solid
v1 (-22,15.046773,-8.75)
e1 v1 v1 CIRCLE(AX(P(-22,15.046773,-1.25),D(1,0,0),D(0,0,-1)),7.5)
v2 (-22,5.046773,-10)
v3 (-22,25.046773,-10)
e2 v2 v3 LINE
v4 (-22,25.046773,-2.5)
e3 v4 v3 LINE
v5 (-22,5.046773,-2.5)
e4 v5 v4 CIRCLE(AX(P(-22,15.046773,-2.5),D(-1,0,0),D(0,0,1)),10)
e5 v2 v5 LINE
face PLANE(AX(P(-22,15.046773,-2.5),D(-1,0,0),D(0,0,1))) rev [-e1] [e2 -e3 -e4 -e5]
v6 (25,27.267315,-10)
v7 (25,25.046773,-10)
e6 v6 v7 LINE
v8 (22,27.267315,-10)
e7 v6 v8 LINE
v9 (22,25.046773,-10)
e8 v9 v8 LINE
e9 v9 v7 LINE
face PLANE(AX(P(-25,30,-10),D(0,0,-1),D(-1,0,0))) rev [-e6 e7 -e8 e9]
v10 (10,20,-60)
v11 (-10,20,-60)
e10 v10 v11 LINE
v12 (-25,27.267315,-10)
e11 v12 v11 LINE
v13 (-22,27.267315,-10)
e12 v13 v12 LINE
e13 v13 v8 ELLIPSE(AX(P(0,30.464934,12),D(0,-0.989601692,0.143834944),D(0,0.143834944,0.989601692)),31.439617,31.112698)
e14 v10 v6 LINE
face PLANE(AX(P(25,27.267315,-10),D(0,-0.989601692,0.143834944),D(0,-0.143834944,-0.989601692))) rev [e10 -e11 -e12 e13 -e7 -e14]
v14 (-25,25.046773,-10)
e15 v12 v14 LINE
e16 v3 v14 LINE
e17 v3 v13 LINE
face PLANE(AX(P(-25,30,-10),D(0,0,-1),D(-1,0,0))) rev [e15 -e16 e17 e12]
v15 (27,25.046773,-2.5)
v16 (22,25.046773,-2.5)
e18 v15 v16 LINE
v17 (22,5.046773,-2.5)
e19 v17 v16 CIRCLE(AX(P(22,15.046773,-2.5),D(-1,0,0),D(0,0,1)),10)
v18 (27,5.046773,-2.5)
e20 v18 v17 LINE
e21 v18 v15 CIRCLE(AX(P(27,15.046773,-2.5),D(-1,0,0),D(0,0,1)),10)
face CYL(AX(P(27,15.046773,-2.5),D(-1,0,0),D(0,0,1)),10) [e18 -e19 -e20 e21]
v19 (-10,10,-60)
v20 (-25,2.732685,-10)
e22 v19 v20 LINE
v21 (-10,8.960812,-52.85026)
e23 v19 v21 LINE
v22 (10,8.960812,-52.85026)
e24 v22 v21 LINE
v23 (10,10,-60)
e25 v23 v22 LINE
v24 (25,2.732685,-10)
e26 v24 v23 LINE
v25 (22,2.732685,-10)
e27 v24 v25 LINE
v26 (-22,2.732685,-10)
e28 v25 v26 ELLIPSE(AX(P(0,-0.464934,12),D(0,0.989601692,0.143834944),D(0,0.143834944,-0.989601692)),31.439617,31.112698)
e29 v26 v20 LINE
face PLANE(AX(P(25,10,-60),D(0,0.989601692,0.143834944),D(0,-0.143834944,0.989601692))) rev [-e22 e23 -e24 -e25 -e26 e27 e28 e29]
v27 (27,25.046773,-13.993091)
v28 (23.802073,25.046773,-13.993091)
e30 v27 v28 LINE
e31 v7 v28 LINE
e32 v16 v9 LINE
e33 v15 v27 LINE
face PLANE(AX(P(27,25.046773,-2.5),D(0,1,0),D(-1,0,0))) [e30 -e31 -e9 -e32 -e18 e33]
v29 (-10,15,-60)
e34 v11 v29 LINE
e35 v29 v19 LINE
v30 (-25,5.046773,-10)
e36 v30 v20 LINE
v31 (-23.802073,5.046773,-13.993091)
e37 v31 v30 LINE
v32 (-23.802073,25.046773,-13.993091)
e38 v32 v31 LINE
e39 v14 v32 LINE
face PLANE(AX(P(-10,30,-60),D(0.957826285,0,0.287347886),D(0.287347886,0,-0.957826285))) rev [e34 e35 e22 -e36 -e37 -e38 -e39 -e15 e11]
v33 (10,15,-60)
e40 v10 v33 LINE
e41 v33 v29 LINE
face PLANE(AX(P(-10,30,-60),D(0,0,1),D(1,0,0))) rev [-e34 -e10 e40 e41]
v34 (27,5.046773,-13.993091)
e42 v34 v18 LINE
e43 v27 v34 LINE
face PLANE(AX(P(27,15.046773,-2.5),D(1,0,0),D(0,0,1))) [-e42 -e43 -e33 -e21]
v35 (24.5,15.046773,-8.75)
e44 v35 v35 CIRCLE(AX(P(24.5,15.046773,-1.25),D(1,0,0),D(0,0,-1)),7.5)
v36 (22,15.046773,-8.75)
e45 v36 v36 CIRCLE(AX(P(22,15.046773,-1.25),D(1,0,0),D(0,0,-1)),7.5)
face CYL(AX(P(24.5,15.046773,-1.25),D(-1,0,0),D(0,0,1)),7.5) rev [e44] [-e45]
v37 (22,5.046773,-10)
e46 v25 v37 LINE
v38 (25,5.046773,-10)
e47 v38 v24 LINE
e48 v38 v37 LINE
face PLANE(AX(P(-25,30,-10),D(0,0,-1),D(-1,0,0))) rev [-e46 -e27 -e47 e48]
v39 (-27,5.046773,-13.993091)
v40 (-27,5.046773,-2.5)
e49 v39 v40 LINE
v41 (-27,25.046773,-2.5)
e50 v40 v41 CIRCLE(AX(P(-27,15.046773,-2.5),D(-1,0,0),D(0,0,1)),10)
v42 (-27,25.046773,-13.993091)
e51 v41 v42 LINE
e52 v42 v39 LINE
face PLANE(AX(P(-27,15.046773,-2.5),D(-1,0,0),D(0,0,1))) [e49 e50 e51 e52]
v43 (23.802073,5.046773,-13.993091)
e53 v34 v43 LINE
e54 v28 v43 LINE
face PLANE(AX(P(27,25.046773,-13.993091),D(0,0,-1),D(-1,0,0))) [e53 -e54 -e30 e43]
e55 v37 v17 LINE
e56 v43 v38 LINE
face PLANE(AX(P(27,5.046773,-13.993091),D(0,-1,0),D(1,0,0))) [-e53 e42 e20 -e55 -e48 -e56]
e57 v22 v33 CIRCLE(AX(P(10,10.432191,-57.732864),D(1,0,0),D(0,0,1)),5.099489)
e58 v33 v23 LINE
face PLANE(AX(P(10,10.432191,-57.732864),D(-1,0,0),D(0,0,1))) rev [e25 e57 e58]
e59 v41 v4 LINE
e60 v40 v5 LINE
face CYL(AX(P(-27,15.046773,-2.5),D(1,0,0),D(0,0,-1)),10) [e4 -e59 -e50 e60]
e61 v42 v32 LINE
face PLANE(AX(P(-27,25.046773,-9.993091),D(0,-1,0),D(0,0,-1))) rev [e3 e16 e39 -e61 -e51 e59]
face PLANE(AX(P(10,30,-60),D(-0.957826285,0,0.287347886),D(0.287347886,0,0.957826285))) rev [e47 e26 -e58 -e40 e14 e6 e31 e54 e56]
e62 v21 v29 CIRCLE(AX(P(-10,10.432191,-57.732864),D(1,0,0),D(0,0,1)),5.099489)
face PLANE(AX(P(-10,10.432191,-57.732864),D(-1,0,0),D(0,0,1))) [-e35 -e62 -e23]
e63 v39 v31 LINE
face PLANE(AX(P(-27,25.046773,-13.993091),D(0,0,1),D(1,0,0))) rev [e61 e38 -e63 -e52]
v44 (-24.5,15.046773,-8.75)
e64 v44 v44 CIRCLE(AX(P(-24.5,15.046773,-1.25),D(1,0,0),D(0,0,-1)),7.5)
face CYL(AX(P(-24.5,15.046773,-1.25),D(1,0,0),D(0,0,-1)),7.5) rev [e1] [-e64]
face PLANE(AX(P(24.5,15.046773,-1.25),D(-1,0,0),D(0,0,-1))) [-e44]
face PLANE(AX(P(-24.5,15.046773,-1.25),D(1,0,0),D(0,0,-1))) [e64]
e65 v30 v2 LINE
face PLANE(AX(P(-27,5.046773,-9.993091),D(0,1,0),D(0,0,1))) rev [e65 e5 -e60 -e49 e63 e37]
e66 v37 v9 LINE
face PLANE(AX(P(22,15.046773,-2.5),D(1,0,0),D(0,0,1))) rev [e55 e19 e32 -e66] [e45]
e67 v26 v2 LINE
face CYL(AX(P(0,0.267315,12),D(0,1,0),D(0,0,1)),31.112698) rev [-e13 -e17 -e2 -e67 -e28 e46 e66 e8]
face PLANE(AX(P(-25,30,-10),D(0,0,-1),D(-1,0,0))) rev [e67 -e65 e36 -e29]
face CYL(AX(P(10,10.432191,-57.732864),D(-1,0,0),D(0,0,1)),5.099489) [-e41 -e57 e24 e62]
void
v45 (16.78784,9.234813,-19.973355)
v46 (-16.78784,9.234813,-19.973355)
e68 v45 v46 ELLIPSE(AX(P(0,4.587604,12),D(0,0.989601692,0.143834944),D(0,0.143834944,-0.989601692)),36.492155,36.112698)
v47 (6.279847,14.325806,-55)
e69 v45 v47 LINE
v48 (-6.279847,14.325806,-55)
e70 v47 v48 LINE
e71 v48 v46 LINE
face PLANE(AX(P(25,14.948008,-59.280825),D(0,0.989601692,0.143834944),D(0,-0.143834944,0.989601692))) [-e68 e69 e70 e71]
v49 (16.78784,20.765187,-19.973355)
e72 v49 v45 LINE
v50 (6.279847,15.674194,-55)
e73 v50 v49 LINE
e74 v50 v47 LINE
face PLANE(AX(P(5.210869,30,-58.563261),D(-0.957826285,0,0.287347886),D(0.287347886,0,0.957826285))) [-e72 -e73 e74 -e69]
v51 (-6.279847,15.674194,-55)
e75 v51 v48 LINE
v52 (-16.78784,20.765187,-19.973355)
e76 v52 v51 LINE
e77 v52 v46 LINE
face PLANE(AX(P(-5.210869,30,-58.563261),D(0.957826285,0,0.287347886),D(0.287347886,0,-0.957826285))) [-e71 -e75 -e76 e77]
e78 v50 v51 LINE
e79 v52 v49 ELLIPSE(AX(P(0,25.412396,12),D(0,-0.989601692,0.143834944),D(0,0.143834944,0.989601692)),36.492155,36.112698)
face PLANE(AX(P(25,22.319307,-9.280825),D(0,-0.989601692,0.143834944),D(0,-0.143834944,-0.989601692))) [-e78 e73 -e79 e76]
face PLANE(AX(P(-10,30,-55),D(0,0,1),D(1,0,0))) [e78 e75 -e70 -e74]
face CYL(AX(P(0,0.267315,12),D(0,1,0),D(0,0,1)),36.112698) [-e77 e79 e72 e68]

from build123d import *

# Parameters (mm, degrees)
BOSS_EXTRUDE1_DEPTH = 30
CUT_EXTRUDE2_DEPTH  = 50
CUT_EXTRUDE6_DEPTH  = 27
SHELL3_T            = 5
BOSS_EXTRUDE3_DEPTH = 20
BOSS_EXTRUDE4_START = -3
BOSS_EXTRUDE4_DEPTH = 5
SKETCH7_R           = 7.5
CUT_EXTRUDE3_DEPTH  = 2.5


with BuildPart() as part:
    # Sketch1 → Boss-Extrude1 (new body)
    with BuildSketch(Plane(origin=(0, 0, 0), x_dir=(1, 0, 0), z_dir=(0, 1, 0))):
        Polygon((-10, 60), (10, 60), (25, 10), (-25, 10), align=None)
    extrude(amount=BOSS_EXTRUDE1_DEPTH)

    # Sketch3 → Cut-Extrude2 (cut)
    with BuildSketch(Plane(origin=(-25, 0, 0), x_dir=(0, -1, 0), z_dir=(-1, 0, 0))):
        Polygon((-30, -10), (-27.26731497, -10), (-20, -60), (-30, -60), align=None)
        Polygon((0, -60), (0, -10), (-2.73268503, -10), (-10, -60), align=None)
    extrude(amount=-CUT_EXTRUDE2_DEPTH, mode=Mode.SUBTRACT)

    # Sketch10 → Cut-Extrude6 (cut)
    with BuildSketch(Plane(origin=(0, 27.26731497, 0), x_dir=(-1, 0, 0), z_dir=(0, 1, 0))):
        with BuildLine():
            Line((-22, -10), (22, -10))
            ThreePointArc((22, -10), (0, -19.112698372), (-22, -10))
        make_face()
    extrude(amount=-CUT_EXTRUDE6_DEPTH, mode=Mode.SUBTRACT)

    # Shell3 (no face opened: a closed hollow body)
    add(offset(amount=-SHELL3_T, mode=Mode.PRIVATE), mode=Mode.SUBTRACT)

    # Sketch5 → Boss-Extrude3 (add)
    with BuildSketch(Plane(origin=(-10, 0, 0), x_dir=(0, -1, 0), z_dir=(1, 0, 0))):
        with BuildLine():
            Line((-10, 60), (-8.960811725, 52.850259833))
            ThreePointArc((-8.960811725, 52.850259833), (-6.536467075, 61.023474826), (-15, 60))
            Line((-15, 60), (-10, 60))
        make_face()
    extrude(amount=BOSS_EXTRUDE3_DEPTH)

    # Sketch6 → Boss-Extrude4 (add)
    with BuildSketch(Plane(origin=(-25, 0, 0), x_dir=(0, -1, 0), z_dir=(-1, 0, 0)).offset(BOSS_EXTRUDE4_START)):
        with BuildLine():
            Line((-25.046773104, -9.993090655), (-25.046773104, -13.993090655))
            Line((-25.046773104, -13.993090655), (-5.046773104, -13.993090655))
            Line((-5.046773104, -13.993090655), (-5.046773104, -9.993090655))
            Line((-5.046773104, -9.993090655), (-5.046773104, -2.5))
            ThreePointArc((-5.046773104, -2.5), (-15.046773104, 7.5), (-25.046773104, -2.5))
            Line((-25.046773104, -2.5), (-25.046773104, -9.993090655))
        make_face()
    boss_extrude4 = extrude(amount=BOSS_EXTRUDE4_DEPTH)

    # Sketch7 → Cut-Extrude3 (cut)
    with BuildSketch(Plane(origin=(-22, 0, 0), x_dir=(0, 0, -1), z_dir=(1, 0, 0))):
        with Locations((1.25, 15.046773104)):
            Circle(SKETCH7_R)
    cut_extrude3 = extrude(amount=-CUT_EXTRUDE3_DEPTH, mode=Mode.SUBTRACT)

    # Mirror2: Boss-Extrude4, Cut-Extrude3 across plane
    add(boss_extrude4.mirror(Plane.ZY))
    add(cut_extrude3.mirror(Plane.ZY), mode=Mode.SUBTRACT)


solid = part.part
